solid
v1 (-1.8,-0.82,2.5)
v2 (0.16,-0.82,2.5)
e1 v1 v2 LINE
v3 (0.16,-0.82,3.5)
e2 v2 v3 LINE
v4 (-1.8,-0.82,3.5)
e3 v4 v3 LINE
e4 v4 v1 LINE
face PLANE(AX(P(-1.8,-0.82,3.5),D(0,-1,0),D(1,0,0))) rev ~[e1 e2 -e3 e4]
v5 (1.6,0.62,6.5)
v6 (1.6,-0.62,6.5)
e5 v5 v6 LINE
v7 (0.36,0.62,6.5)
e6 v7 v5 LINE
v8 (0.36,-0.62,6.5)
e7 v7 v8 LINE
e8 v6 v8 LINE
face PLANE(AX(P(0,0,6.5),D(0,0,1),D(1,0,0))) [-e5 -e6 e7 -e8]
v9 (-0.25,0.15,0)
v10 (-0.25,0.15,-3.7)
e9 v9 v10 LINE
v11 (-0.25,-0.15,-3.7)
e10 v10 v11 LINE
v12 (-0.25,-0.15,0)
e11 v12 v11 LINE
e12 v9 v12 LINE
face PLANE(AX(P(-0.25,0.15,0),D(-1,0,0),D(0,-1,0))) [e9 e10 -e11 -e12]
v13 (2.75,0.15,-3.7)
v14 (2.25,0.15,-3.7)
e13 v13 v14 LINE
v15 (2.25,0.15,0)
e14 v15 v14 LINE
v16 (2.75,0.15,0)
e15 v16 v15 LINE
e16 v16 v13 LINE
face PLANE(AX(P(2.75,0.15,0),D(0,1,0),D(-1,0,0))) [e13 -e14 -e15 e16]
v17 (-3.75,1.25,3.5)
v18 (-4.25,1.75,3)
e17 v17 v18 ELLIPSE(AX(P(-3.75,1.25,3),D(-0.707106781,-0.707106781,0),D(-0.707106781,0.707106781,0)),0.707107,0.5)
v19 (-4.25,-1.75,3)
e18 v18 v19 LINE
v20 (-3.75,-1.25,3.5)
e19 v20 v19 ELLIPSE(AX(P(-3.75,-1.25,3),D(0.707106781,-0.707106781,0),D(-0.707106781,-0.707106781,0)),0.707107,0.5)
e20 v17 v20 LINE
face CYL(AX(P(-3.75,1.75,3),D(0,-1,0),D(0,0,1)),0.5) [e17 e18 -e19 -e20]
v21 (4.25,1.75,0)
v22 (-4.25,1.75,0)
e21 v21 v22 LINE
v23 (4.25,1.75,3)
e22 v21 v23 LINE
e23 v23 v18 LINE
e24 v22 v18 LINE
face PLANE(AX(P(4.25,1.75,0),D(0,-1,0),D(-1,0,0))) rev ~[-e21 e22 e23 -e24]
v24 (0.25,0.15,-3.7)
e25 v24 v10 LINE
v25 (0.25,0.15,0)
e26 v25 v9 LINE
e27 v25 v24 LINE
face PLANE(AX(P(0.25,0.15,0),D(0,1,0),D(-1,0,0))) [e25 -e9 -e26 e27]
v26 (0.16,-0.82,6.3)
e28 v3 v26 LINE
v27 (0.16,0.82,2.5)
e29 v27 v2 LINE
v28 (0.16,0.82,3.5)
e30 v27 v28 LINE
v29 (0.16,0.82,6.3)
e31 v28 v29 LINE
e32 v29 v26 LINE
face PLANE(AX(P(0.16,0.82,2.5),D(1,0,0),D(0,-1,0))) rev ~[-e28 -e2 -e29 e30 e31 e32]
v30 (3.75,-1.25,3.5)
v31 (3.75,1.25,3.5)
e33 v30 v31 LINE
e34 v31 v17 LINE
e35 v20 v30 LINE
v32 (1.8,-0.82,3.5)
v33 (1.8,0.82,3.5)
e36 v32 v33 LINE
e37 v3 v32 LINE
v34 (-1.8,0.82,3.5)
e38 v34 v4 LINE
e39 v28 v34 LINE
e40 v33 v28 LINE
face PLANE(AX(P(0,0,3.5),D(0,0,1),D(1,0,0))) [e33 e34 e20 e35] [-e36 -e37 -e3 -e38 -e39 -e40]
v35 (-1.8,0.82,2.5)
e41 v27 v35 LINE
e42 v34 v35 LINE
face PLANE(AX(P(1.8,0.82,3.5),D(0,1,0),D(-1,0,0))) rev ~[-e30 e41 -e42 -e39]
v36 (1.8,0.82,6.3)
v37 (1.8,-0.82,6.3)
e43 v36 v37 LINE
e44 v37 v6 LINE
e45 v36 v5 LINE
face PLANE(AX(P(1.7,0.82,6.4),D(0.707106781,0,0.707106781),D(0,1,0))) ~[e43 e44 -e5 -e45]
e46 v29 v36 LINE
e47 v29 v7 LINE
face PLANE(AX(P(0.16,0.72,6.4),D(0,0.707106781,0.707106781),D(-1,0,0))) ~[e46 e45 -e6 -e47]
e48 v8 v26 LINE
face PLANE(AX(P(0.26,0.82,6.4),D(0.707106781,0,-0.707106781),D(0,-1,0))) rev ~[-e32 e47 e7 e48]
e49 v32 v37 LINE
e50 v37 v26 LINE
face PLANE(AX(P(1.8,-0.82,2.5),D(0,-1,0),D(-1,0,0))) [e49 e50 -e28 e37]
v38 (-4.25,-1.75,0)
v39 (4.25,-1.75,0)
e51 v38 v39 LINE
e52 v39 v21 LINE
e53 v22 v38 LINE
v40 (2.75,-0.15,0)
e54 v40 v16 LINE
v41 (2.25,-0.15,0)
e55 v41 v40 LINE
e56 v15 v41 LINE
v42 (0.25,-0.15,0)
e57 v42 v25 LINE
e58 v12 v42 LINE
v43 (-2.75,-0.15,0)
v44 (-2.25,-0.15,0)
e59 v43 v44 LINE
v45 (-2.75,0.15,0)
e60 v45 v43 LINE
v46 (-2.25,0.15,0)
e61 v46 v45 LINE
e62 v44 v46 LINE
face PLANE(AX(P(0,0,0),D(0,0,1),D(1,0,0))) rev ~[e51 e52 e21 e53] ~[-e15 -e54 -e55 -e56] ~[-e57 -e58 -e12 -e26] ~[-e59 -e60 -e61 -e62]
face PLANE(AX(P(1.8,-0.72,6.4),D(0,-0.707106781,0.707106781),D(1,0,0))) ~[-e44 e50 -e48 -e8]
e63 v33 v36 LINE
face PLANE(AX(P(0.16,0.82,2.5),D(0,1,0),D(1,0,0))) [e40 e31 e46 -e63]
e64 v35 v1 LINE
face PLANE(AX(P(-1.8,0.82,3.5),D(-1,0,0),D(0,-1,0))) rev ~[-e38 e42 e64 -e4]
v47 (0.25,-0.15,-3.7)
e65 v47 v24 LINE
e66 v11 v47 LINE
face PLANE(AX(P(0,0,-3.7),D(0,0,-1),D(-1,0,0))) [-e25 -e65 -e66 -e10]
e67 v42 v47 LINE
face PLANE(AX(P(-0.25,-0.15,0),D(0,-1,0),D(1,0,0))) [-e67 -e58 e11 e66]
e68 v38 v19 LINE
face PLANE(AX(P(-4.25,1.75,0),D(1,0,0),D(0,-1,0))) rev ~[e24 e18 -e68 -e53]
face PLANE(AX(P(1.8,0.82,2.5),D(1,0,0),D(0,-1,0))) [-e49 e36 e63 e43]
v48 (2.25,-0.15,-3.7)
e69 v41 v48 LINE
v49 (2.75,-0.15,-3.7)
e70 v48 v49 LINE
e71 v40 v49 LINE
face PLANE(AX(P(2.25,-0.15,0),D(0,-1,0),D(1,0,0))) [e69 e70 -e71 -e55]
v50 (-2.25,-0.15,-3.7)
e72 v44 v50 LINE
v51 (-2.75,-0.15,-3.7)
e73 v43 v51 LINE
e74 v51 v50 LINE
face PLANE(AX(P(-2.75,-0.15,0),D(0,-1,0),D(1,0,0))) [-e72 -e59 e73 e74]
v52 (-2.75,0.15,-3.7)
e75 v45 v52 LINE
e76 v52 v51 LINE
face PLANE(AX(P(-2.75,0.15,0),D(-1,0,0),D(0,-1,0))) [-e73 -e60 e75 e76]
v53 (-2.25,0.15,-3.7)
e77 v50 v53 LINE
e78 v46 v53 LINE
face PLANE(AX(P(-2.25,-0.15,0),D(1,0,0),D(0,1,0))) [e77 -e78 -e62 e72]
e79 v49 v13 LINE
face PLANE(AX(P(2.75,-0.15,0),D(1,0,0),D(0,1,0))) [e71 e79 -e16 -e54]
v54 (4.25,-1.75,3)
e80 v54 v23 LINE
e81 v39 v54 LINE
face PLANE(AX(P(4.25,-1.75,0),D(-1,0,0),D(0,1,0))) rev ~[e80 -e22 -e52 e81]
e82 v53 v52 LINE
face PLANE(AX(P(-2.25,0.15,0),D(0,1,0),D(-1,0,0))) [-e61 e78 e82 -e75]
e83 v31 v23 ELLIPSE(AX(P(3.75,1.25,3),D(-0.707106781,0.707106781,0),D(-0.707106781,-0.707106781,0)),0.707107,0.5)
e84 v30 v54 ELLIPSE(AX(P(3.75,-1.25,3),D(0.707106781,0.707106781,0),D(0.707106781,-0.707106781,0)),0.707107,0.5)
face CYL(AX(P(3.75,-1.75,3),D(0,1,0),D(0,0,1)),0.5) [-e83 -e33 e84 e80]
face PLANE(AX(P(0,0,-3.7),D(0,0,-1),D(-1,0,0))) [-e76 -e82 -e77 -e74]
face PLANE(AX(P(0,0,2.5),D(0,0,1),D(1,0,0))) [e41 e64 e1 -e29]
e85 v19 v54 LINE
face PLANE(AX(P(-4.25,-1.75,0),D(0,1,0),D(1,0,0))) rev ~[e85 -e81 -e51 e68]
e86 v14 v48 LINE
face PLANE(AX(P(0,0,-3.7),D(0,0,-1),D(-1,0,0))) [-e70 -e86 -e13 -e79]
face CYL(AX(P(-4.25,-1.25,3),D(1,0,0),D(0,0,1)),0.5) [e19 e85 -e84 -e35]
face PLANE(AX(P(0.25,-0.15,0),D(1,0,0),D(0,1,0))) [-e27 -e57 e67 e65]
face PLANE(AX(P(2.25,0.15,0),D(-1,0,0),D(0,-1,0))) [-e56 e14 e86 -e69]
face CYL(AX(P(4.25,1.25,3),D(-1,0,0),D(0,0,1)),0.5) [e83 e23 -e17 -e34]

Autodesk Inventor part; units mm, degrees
ref_plane "YZ Plane" through (0, 0, 0) normal (1, 0, 0) x (0, 1, 0)
ref_plane "XZ Plane" through (0, 0, 0) normal (0, 1, 0) x (-1, 0, 0)
ref_plane "XY Plane" through (0, 0, 0) normal (0, 0, 1) x (1, 0, 0)
sketch "Sketch1" plane through (0, 0, 0) normal (0, 0, 1) x (1, 0, 0)
  line L0 (4.25, 1.75) -> (-4.25, 1.75)
  line L1 (-4.25, 1.75) -> (-4.25, -1.75)
  line L2 (-4.25, -1.75) -> (4.25, -1.75)
  line L3 (4.25, -1.75) -> (4.25, 1.75)
  line L4 (4.25, 1.75) -> (-4.25, -1.75) construction
  line L5 (-4.25, 1.75) -> (4.25, -1.75) construction
  point P0 (0, 0)
  dimension "d0" = 8.5
  dimension "d1" = 3.5
extrude "Extrusion1" add sketch "Sketch1" along normal blind 3.5
sketch "Sketch2" plane through (0, 0, 3.5) normal (0, 0, 1) x (1, 0, 0)
  line L0 (1.8, 0.82) -> (-1.8, 0.82)
  line L1 (-1.8, 0.82) -> (-1.8, -0.82)
  line L2 (-1.8, -0.82) -> (1.8, -0.82)
  line L3 (1.8, -0.82) -> (1.8, 0.82)
  line L4 (1.8, 0.82) -> (-1.8, -0.82) construction
  line L5 (-1.8, 0.82) -> (1.8, -0.82) construction
  point P0 (0, 0)
  dimension "d4" = 3.6
  dimension "d5" = 1.64
extrude "Extrusion2" cut sketch "Sketch2" against normal blind 1
sketch "Sketch3" plane through (0, 0, 2.5) normal (0, 0, 1) x (1, 0, 0)
  line L0 (-1.8, -0.82) -> (-1.8, 0.82) projected
  line L1 (1.8, -0.82) -> (-1.8, -0.82) projected
  line L2 (1.8, 0.82) -> (1.8, -0.82) projected
  line L3 (-1.8, 0.82) -> (1.8, 0.82) projected
  line L4 (1.8, 0.82) -> (0.16, 0.82)
  line L5 (0.16, 0.82) -> (0.16, -0.82)
  line L6 (0.16, -0.82) -> (1.8, -0.82)
  line L7 (1.8, -0.82) -> (1.8, 0.82)
  point P0 (0, 0)
  dimension "d8" = 1.64
extrude "Extrusion3" add sketch "Sketch3" along normal blind 4 contours L5 L3 L2 L1
fillet "Fillet1" radius 0.5 4 edges at (0, 1.75, 3.5) (-4.25, 0, 3.5) (0, -1.75, 3.5) (4.25, 0, 3.5)
chamfer "Chamfer1" distance 0.2 angle 45 4 edges at (0.98, 0.82, 6.5) (0.16, 0, 6.5) (0.98, -0.82, 6.5) (1.8, 0, 6.5)
sketch "Sketch4" plane through (0, 0, 0) normal (0, 0, -1) x (-1, 0, 0)
  line L0 (-2.75, 0.15) -> (-2.25, 0.15)
  line L1 (-2.25, 0.15) -> (-2.25, -0.15)
  line L2 (-2.25, -0.15) -> (-2.75, -0.15)
  line L3 (-2.75, -0.15) -> (-2.75, 0.15)
  line L4 (-0.25, 0.15) -> (0.25, 0.15)
  line L5 (0.25, 0.15) -> (0.25, -0.15)
  line L6 (0.25, -0.15) -> (-0.25, -0.15)
  line L7 (-0.25, -0.15) -> (-0.25, 0.15)
  line L8 (2.25, 0.15) -> (2.75, 0.15)
  line L9 (2.75, 0.15) -> (2.75, -0.15)
  line L10 (2.75, -0.15) -> (2.25, -0.15)
  line L11 (2.25, -0.15) -> (2.25, 0.15)
  point P0 (0, 0)
  point P1 (0, 0.15)
  point P2 (-2.5, 0.15)
  point P3 (2.5, 0.15)
  dimension "d15" = 0.5
  dimension "d16" = 0.3
  dimension "d17" = 0.5
  dimension "d18" = 0.3
  dimension "d19" = 0.5
  dimension "d20" = 0.3
  dimension "d21" = 2.5
  dimension "d22" = 2.5
  dimension "d24" = 0.15
  dimension "d25" = 0.25
extrude "Extrusion4" add sketch "Sketch4" along normal blind 3.7
properties part number "switch"
